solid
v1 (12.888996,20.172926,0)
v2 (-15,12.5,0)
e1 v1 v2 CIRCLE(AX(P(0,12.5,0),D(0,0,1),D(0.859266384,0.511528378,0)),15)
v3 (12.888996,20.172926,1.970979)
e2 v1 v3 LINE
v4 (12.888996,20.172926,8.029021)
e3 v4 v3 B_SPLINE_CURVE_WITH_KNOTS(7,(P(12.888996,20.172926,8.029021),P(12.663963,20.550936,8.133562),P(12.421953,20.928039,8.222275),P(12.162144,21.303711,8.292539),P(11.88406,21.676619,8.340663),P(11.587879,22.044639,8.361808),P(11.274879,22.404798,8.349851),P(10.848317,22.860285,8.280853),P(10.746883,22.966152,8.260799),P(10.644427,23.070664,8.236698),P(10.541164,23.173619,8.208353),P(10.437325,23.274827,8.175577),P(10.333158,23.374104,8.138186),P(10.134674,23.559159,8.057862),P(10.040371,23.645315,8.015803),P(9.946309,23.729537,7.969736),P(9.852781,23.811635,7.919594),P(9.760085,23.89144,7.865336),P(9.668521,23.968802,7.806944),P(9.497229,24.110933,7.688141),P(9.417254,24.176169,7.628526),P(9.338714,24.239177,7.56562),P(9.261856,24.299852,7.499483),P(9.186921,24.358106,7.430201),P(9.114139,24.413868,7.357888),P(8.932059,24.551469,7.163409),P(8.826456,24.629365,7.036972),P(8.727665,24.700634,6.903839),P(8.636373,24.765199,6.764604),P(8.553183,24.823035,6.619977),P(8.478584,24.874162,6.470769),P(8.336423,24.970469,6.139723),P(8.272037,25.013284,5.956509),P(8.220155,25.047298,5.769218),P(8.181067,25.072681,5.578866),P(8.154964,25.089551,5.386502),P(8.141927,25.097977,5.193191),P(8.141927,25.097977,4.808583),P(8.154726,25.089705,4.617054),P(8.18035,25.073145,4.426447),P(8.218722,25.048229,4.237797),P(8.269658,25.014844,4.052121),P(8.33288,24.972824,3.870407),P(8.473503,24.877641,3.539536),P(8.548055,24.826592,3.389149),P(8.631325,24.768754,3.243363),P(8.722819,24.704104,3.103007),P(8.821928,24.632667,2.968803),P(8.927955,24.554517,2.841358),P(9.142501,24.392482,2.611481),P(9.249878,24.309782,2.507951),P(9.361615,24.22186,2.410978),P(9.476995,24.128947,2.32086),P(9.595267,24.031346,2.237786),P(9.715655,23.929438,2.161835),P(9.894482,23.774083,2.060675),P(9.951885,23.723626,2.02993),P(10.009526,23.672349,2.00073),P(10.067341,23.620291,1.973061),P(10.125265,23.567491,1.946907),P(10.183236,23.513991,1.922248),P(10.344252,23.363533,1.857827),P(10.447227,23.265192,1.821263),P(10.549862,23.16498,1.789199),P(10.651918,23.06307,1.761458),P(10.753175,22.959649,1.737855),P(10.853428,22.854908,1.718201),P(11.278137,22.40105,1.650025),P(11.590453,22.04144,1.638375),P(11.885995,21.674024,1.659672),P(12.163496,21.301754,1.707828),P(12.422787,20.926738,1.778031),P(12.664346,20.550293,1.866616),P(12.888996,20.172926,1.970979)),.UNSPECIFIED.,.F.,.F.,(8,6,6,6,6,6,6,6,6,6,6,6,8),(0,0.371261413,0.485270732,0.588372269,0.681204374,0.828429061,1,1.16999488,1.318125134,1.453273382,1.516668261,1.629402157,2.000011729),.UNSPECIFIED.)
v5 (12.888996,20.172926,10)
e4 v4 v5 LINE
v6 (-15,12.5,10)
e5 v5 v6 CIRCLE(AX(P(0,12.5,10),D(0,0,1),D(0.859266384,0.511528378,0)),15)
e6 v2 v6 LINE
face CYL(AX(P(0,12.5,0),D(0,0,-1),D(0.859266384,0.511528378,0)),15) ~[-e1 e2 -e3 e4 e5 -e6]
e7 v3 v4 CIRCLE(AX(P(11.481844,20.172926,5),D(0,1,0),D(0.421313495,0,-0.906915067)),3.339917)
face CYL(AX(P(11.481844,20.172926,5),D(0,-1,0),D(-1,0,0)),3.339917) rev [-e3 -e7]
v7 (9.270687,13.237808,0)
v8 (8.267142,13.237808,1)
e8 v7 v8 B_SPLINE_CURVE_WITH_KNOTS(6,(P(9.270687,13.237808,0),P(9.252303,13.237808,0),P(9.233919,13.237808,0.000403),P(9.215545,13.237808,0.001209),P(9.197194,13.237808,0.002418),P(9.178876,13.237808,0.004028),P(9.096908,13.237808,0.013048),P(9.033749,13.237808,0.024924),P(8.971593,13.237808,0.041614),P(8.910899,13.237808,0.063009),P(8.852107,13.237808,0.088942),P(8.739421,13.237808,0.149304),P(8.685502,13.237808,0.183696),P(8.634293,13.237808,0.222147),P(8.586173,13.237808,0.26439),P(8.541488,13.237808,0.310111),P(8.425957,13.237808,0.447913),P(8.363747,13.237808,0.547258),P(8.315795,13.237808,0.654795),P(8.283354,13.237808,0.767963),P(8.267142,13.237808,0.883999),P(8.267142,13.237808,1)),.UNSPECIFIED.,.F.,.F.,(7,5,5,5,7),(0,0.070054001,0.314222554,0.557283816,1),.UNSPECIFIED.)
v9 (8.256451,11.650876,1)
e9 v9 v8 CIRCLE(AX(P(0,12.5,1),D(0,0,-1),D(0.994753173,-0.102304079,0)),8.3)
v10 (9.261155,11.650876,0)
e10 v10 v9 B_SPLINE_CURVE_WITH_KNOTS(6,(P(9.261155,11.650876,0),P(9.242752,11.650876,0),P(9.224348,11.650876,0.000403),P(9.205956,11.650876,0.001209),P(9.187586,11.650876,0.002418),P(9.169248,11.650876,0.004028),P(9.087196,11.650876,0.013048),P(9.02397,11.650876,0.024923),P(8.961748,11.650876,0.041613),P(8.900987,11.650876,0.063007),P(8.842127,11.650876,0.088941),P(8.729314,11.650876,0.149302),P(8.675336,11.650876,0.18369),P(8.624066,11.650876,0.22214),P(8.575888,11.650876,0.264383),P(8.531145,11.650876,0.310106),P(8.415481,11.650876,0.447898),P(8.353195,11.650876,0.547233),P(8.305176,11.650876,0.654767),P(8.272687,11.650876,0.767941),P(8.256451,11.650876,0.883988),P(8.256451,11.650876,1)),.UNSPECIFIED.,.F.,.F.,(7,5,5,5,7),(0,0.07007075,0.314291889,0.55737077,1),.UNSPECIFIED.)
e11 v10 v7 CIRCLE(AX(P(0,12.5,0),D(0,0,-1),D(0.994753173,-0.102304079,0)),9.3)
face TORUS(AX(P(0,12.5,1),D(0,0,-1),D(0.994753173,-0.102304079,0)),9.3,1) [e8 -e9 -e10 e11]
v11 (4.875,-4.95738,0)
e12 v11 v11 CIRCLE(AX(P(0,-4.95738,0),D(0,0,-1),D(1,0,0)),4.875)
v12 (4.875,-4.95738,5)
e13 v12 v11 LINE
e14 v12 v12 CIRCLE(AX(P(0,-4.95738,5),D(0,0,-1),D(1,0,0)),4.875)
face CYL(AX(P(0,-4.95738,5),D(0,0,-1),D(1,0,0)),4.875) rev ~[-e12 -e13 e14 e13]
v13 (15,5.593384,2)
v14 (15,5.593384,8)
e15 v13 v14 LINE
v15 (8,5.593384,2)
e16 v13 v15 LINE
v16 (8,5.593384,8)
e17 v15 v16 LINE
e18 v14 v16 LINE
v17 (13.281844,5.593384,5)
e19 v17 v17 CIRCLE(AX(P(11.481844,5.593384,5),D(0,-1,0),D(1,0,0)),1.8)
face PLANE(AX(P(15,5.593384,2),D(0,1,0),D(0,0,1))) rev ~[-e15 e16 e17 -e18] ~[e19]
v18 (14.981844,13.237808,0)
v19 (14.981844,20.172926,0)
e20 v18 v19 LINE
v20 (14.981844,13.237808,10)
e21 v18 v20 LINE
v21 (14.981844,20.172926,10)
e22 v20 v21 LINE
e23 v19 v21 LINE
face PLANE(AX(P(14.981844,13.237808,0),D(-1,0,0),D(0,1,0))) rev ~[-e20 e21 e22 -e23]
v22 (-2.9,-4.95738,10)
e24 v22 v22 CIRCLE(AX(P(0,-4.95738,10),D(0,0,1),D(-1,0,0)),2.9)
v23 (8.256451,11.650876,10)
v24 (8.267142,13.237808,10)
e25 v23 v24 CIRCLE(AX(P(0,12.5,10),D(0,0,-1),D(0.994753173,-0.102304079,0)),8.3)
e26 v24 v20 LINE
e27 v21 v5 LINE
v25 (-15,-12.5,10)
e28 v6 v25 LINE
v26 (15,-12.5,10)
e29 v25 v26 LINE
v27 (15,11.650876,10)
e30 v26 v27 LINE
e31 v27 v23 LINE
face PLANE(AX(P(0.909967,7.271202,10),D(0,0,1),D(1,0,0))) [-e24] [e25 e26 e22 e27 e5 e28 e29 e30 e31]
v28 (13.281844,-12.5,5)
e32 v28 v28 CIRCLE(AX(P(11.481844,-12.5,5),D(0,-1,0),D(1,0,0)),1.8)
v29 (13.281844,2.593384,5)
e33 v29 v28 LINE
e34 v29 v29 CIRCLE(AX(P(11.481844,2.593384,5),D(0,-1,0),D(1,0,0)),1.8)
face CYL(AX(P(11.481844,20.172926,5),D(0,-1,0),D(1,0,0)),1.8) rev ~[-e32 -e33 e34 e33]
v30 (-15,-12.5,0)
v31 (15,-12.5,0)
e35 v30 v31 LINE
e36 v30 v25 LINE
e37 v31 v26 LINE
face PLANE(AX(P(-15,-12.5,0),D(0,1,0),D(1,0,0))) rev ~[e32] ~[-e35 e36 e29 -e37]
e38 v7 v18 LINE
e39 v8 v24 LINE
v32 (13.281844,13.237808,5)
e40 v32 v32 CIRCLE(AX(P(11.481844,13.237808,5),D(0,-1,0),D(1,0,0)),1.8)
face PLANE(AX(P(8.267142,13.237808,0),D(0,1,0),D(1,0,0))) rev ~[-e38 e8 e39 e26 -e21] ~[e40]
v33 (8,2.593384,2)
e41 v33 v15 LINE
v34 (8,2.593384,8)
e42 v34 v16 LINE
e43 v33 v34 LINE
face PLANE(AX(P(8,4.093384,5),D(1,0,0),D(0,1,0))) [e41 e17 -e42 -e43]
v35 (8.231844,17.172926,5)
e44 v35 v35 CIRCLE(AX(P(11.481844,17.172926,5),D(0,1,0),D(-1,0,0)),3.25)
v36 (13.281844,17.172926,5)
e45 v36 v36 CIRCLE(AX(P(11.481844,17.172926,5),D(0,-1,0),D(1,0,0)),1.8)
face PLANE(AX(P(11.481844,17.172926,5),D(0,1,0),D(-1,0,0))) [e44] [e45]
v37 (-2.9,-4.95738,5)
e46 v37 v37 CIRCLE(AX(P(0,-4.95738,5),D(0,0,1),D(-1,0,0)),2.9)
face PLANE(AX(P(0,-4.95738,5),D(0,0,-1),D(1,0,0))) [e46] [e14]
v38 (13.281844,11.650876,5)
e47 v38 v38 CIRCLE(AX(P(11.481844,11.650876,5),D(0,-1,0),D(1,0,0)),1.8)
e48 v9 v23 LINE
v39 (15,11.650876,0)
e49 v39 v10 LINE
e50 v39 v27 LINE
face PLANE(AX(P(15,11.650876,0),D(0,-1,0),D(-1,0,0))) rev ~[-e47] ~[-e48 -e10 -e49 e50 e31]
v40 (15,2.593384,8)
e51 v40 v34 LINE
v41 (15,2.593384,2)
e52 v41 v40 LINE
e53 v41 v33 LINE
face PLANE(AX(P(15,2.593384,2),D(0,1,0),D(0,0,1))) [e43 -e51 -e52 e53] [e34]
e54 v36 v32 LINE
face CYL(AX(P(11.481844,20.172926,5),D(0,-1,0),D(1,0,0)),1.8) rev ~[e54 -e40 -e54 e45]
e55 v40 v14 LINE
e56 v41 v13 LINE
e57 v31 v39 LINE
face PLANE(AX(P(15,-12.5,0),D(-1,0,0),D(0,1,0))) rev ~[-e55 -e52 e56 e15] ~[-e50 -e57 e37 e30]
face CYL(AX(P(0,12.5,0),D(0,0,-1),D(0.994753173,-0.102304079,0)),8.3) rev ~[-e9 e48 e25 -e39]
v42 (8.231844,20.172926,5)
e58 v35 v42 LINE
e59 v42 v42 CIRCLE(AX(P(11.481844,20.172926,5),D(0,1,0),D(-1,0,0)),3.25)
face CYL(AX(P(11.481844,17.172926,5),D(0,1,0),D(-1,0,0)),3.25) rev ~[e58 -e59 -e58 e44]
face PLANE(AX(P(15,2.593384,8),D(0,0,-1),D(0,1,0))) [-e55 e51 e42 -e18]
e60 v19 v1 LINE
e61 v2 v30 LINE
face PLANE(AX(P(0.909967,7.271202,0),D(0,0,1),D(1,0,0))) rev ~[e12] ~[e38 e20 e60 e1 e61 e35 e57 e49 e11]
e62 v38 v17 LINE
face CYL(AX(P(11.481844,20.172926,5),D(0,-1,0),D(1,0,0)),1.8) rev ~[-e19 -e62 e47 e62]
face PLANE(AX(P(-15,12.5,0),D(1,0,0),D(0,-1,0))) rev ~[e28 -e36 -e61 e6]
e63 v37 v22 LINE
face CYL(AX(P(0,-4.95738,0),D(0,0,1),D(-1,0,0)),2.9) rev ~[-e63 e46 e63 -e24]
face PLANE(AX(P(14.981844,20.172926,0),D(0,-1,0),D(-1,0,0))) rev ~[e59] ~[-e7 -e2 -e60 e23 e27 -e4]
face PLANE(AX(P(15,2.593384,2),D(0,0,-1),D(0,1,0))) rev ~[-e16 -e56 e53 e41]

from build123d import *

# Parameters (mm, degrees)
F1_DEPTH       = 10
F3_D           = 5.8
F3_CBORE_D     = 9.75
F3_CBORE_DEPTH = 5
F4_R           = 3.3399169876
F5_DEPTH       = 25
F6_D           = 3.6
F6_CBORE_D     = 6.5
F6_CBORE_DEPTH = 3
F7_W           = 3
F7_H           = 6
F8_DEPTH       = 7
F9_R           = 1


with BuildPart() as f1:
    # F0 (on Top) → F1 (new body)
    with BuildSketch(Plane.XY):
        with BuildLine():
            Line((-15, 12.5), (-15, -12.5))
            Line((-15, -12.5), (15, -12.5))
            Line((15, -12.5), (15, 11.6508761421))
            Line((15, 11.6508761421), (8.2564513366, 11.6508761421))
            ThreePointArc((8.2564513366, 11.6508761421), (-8.2998116615, 12.5559140775), (8.2671421606, 13.2378078997))
            Line((8.2671421606, 13.2378078997), (14.9818436617, 13.2378078997))
            Line((14.9818436617, 13.2378078997), (14.9818436617, 20.172925666))
            Line((14.9818436617, 20.172925666), (12.8889957609, 20.172925666))
            ThreePointArc((12.8889957609, 20.172925666), (-3.979011409, 26.962623144), (-15, 12.5))
        make_face()
    extrude(amount=F1_DEPTH)

    # F3 (through all)
    with Locations(Plane(origin=(0, 0, 0), x_dir=(1, 0, 0), z_dir=(0, 0, -1))):
        with Locations((0, 4.9573802389)):
            CounterBoreHole(F3_D / 2, F3_CBORE_D / 2, F3_CBORE_DEPTH)

    # F4 (on face) → F5 (cut)
    with BuildSketch(Plane(origin=(0, 20.172925666, 0), x_dir=(-1, 0, 0), z_dir=(0, 1, 0))):
        with Locations((-11.4818436617, 5)):
            Circle(F4_R)
    extrude(amount=F5_DEPTH, mode=Mode.SUBTRACT)

    # F6 (through all)
    with Locations(Plane(origin=(0, 20.172925666, 0), x_dir=(-1, 0, 0), z_dir=(0, 1, 0))):
        with Locations((-11.4818436617, 5)):
            CounterBoreHole(F6_D / 2, F6_CBORE_D / 2, F6_CBORE_DEPTH)

    # F7 (on face) → F8 (cut)
    with BuildSketch(Plane.YZ.offset(15)):
        with Locations((4.0933839045, 5)):
            Rectangle(F7_W, F7_H)
    extrude(amount=-F8_DEPTH, mode=Mode.SUBTRACT)

    # F9
    f9_edges = [f1.edges().sort_by_distance(p)[0] for p in [
        (-8.299812, 12.555914, 0),
    ]]
    fillet(f9_edges, radius=F9_R)


solid = f1.part
